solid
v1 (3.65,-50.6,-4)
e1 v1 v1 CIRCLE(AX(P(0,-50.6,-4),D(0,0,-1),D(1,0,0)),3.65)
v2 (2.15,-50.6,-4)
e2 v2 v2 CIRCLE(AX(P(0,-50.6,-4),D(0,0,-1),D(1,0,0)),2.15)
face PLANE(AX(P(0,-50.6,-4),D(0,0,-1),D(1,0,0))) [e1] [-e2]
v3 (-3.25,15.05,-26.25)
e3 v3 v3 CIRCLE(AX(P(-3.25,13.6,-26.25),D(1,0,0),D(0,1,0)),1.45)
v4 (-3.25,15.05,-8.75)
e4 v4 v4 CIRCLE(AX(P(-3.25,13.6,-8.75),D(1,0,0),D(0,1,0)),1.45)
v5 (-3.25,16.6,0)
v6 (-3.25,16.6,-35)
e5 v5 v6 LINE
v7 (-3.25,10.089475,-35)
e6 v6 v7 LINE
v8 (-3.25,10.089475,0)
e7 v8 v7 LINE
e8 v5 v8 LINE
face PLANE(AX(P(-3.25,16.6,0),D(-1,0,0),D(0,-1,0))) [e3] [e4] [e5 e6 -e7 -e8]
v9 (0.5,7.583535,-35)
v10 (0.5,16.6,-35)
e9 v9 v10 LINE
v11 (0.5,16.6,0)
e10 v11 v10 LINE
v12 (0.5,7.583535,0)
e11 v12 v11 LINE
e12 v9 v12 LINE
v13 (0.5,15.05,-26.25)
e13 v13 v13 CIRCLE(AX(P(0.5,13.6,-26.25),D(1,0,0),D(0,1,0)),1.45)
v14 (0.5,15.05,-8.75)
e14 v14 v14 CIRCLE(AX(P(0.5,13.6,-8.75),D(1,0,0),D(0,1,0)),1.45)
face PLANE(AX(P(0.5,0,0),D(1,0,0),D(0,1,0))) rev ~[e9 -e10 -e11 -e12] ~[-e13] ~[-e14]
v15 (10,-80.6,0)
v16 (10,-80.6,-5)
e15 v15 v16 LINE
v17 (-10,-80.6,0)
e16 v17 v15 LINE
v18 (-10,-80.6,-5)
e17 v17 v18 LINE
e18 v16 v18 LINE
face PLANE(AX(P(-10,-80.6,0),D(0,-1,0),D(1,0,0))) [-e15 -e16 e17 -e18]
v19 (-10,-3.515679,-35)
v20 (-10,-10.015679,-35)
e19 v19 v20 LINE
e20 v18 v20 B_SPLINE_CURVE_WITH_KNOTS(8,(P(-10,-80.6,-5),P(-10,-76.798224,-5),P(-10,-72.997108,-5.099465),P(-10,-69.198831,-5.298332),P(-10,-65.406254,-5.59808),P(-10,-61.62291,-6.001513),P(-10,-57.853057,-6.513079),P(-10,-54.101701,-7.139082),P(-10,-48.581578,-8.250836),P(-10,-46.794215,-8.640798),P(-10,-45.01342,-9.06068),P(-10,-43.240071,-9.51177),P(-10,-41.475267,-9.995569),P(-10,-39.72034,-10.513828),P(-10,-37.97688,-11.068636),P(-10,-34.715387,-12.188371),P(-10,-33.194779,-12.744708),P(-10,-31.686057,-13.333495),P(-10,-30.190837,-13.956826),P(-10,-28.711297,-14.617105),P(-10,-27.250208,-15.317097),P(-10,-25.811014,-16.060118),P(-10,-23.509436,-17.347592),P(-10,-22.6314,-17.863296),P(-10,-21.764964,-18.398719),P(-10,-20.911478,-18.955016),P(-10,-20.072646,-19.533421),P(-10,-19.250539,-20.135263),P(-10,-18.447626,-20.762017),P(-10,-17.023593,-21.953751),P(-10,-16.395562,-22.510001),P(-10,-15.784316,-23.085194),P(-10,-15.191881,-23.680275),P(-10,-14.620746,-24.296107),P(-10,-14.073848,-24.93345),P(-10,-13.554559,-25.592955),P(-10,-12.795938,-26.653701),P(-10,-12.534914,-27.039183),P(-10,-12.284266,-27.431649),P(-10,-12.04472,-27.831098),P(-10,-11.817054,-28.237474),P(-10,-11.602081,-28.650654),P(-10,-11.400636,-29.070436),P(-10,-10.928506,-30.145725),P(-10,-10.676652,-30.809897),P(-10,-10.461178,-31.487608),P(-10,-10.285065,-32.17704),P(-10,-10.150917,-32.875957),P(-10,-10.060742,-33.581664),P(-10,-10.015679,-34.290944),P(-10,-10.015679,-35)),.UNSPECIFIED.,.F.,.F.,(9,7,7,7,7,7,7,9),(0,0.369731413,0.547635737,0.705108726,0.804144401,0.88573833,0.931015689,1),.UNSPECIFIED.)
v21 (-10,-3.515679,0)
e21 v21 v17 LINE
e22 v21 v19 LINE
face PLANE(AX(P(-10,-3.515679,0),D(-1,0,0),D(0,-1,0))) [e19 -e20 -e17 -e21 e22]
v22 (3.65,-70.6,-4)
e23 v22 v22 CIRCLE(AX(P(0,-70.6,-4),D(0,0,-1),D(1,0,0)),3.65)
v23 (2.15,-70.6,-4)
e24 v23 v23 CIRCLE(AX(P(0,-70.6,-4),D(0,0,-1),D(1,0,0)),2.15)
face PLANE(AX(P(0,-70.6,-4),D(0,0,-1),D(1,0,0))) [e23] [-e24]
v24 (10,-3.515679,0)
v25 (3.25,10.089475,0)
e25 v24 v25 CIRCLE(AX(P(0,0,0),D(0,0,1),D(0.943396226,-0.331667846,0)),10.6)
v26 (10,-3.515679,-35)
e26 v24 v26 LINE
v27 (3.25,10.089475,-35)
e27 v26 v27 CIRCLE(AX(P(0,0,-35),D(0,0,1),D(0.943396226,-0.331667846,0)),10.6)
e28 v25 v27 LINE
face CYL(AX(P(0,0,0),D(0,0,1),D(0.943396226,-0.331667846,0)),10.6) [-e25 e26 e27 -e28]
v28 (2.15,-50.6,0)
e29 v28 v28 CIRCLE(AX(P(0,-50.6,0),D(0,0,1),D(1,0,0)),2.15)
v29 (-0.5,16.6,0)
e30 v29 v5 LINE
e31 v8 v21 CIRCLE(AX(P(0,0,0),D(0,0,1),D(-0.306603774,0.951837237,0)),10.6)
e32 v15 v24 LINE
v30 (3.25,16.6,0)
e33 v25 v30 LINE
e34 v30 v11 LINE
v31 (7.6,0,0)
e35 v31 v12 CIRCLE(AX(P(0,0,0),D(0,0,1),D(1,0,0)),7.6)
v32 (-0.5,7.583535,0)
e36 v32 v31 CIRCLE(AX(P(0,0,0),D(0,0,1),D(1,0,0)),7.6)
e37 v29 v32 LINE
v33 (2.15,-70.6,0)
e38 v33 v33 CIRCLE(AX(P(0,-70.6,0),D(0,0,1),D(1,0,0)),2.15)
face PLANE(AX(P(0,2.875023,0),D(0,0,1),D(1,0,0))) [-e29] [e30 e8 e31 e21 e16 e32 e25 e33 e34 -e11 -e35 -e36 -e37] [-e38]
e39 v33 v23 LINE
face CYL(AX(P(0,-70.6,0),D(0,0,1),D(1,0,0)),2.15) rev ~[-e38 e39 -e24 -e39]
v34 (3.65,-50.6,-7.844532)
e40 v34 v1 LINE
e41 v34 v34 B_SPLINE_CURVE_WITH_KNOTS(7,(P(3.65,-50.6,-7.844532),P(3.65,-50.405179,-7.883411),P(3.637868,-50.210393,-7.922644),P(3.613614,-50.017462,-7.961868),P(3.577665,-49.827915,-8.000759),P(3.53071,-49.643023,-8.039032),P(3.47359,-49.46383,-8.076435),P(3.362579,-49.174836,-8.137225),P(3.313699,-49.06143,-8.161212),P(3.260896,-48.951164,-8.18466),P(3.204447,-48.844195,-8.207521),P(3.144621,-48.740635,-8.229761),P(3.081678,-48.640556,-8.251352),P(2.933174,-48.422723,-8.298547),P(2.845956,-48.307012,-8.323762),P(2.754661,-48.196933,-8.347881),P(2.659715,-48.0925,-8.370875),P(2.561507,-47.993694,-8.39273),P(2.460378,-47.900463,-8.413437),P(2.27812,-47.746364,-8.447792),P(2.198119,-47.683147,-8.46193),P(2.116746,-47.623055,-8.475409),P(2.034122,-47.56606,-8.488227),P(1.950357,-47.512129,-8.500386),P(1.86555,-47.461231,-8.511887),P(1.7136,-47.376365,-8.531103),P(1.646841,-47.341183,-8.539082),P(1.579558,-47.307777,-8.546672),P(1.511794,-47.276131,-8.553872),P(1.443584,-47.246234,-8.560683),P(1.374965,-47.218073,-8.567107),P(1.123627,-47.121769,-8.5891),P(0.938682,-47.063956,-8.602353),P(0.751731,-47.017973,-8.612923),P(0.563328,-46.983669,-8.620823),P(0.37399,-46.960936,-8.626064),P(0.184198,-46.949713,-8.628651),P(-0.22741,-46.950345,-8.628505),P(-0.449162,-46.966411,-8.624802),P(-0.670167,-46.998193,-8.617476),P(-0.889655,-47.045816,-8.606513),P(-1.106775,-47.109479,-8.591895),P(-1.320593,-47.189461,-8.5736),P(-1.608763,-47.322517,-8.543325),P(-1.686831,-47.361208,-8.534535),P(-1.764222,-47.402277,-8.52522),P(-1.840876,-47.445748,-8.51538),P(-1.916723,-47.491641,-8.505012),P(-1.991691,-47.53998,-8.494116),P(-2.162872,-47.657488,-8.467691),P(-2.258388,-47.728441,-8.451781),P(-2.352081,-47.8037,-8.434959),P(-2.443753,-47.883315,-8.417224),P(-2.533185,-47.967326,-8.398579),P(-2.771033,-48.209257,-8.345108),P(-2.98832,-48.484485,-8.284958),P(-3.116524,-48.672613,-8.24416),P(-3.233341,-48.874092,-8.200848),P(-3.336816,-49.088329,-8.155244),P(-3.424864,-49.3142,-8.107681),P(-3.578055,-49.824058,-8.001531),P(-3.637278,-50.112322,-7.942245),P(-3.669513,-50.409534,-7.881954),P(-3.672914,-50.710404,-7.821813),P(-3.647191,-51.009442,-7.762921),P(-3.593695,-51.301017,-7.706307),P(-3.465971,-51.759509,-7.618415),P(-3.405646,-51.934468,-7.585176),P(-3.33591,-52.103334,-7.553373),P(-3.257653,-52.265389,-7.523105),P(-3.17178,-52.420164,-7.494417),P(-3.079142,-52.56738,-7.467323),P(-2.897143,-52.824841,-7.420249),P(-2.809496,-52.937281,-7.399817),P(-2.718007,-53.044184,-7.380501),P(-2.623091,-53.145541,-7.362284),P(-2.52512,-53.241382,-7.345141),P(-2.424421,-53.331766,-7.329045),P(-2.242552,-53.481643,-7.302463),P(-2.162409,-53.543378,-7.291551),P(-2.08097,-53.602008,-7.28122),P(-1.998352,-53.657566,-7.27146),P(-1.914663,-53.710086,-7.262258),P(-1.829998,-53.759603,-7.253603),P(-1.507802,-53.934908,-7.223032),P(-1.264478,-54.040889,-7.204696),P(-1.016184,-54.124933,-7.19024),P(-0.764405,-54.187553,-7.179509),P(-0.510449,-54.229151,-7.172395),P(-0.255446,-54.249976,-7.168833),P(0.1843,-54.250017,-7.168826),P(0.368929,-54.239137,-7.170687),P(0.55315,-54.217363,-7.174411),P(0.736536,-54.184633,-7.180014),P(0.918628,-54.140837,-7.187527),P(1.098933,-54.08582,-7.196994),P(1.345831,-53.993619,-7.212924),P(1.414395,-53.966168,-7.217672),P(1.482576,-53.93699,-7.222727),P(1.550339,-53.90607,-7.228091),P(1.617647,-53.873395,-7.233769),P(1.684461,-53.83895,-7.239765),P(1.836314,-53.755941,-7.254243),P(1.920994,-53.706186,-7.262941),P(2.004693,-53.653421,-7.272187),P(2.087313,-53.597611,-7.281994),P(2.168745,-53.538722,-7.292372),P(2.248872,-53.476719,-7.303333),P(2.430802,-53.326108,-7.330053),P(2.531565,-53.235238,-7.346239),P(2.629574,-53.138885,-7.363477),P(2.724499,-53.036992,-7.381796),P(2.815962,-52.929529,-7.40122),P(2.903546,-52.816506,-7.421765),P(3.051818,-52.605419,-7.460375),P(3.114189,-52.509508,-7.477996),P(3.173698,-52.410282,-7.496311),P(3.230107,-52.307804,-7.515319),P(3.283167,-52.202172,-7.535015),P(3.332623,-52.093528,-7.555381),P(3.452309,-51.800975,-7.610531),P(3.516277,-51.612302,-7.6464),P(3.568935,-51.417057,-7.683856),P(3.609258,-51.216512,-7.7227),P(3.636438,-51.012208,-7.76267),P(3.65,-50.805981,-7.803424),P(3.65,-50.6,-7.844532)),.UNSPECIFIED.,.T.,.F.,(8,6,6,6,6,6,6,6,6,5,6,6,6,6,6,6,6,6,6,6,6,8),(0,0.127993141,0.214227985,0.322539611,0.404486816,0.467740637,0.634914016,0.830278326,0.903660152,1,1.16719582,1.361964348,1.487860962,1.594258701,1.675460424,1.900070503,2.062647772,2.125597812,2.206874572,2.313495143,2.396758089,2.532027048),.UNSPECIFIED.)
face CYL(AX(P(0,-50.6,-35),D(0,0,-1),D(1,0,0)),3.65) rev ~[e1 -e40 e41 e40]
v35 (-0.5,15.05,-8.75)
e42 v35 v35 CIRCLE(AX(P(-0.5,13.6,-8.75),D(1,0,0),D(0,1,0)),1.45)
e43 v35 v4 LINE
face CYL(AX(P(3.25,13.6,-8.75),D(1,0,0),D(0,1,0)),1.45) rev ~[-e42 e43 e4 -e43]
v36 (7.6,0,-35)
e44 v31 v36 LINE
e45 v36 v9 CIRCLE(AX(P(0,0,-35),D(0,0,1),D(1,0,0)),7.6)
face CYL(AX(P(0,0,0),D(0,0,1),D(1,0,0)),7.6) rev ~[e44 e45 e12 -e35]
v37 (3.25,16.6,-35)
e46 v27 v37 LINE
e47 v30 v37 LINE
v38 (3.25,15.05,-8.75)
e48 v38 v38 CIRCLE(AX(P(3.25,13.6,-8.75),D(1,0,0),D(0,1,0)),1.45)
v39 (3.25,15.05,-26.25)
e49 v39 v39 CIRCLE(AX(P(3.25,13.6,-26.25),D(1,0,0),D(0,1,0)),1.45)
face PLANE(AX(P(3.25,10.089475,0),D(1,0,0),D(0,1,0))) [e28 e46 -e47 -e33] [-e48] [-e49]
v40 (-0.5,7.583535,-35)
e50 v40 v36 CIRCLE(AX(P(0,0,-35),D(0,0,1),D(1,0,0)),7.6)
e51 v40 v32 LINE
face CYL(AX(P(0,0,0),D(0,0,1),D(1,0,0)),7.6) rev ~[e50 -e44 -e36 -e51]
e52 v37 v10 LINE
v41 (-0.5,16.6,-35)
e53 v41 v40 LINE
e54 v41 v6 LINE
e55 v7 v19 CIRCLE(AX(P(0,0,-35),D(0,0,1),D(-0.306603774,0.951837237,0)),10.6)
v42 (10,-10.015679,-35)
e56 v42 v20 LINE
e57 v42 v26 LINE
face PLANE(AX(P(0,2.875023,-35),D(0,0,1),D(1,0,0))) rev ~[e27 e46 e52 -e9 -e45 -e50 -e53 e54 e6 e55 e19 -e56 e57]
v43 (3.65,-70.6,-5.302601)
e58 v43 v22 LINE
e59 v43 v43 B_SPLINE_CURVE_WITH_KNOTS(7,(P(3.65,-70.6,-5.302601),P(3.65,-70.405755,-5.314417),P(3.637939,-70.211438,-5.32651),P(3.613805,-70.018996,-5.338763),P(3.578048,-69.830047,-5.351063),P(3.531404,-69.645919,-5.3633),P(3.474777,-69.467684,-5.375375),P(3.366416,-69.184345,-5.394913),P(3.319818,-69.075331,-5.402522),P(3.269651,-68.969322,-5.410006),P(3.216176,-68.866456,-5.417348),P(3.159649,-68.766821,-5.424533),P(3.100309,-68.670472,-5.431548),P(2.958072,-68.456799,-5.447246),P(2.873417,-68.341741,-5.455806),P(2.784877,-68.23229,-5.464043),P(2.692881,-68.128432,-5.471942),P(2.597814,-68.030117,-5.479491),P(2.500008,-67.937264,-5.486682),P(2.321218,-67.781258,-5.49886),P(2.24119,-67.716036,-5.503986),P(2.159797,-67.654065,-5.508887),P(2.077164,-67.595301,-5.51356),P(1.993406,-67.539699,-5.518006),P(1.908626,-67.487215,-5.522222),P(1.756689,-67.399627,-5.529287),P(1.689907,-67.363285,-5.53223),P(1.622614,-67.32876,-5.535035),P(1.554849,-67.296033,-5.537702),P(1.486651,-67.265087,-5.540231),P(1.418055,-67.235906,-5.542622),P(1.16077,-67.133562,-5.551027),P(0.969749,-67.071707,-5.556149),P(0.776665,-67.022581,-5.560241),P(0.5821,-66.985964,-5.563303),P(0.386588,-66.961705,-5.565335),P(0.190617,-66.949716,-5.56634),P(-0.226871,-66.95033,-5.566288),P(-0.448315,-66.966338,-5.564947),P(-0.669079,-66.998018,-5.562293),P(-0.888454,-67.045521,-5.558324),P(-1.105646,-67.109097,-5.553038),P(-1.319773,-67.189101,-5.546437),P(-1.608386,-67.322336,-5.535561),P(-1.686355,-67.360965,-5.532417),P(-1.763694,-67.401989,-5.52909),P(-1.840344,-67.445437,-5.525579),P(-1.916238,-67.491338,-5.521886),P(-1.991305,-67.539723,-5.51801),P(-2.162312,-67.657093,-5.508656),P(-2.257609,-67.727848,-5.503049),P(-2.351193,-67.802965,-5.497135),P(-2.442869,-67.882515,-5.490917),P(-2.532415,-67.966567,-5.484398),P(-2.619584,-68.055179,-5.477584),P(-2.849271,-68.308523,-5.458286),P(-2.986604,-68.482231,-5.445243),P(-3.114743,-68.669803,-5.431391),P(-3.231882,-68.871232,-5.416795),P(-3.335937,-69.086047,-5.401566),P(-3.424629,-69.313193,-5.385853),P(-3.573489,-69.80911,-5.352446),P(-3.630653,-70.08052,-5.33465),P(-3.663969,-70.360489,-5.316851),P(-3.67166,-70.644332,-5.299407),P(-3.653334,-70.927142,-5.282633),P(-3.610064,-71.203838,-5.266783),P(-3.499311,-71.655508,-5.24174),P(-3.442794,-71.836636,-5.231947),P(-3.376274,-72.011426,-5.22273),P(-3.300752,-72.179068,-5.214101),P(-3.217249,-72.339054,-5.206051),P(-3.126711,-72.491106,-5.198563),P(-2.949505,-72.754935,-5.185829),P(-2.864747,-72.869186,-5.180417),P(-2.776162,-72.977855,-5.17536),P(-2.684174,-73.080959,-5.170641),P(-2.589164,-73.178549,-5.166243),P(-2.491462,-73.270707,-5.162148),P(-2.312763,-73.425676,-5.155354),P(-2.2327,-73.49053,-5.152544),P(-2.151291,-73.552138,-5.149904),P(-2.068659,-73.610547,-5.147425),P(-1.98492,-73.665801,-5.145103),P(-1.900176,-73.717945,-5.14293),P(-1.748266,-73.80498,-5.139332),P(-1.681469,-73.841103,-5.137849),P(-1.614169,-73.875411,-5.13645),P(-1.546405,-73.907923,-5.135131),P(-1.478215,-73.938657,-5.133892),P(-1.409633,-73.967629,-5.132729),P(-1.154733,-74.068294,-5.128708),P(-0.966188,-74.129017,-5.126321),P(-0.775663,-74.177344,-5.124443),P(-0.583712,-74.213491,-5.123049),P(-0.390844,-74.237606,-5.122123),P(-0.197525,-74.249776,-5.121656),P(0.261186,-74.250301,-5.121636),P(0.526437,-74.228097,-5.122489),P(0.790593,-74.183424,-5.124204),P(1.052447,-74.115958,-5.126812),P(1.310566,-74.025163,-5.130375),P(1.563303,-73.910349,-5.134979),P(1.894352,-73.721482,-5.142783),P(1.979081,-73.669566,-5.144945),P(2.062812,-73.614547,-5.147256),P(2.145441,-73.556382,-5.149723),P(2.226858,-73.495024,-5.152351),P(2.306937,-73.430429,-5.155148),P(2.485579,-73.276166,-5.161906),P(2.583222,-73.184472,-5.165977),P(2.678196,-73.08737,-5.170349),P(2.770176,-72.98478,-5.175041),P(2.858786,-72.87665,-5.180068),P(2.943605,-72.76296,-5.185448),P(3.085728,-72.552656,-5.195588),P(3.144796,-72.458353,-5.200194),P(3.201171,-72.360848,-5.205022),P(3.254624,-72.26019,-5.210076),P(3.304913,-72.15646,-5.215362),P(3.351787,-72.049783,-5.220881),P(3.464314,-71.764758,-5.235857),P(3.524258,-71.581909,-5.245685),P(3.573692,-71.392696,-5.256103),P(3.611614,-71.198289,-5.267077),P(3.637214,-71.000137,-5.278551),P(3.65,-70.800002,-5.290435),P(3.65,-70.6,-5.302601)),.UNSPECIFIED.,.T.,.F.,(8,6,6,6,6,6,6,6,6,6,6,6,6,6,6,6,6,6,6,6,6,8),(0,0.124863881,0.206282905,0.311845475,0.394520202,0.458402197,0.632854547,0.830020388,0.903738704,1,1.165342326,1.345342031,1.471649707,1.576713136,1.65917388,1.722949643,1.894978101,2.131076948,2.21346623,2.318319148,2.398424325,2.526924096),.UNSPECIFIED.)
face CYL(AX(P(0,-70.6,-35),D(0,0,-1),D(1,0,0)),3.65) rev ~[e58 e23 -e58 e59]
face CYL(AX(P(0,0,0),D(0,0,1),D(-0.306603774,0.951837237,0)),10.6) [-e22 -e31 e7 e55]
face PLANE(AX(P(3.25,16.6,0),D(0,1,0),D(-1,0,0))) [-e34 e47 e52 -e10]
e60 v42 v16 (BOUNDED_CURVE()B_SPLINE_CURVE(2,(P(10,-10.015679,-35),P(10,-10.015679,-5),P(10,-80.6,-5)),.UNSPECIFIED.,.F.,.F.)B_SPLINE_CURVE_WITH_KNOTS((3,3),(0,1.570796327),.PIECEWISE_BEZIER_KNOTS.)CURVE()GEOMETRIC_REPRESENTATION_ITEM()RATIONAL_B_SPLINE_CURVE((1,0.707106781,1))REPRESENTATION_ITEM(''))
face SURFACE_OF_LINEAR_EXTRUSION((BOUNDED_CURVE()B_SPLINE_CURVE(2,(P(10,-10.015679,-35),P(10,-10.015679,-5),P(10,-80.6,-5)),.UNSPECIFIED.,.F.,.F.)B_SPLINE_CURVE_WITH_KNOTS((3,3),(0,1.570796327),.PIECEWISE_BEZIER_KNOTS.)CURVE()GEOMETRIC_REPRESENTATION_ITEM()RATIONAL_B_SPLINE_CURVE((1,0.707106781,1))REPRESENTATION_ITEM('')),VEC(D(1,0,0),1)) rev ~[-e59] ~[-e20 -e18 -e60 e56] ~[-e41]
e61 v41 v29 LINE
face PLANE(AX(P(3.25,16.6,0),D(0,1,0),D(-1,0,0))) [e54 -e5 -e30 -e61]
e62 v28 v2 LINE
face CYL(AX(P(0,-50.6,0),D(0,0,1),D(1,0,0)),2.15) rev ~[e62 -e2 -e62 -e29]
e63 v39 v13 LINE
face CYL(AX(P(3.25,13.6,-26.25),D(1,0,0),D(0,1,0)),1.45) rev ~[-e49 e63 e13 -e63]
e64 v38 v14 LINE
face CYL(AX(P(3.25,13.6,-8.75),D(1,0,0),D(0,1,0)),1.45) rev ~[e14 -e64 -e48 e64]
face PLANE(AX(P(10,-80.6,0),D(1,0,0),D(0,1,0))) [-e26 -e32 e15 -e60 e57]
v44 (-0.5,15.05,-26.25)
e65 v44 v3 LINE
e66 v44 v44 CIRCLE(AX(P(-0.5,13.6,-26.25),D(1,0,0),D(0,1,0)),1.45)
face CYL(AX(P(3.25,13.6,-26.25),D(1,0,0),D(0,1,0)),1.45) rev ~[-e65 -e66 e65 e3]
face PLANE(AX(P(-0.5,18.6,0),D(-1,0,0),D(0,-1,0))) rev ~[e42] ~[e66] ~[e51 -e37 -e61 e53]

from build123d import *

# Parameters (mm, degrees)
F1_DEPTH  = 35
F0_R      = 7.6
F2_DEPTH  = 35
F3_R      = 2.15
F4_DEPTH  = 35.001
F5_R      = 3.65
F5_R_2    = 2.15
F6_DEPTH  = 31
F8_DEPTH  = 20.601
F9_W      = 0.5
F9_H      = 2
F10_DEPTH = 35.0010001
F11_R     = 1.45
F12_DEPTH = 13.851


with BuildPart() as f1:
    # F0 (on Top) → F1 (new body)
    with BuildSketch(Plane.XY):
        with BuildLine():
            ThreePointArc((10, -3.5156791662), (0, -10.6), (-10, -3.5156791662))
            Line((-10, -3.5156791662), (-10, -80.6))
            Line((-10, -80.6), (10, -80.6))
            Line((10, -80.6), (10, -3.5156791662))
        make_face()
    extrude(amount=-F1_DEPTH)

    # F0 (on Top) → F2 (join)
    with BuildSketch(Plane.XY):
        with BuildLine():
            Line((-3.25, 16.6), (-3.25, 10.0894747138))
            ThreePointArc((-3.25, 10.0894747138), (-9.4955609642, 4.7110850104), (-10, -3.5156791662))
            ThreePointArc((-10, -3.5156791662), (0, -10.6), (10, -3.5156791662))
            ThreePointArc((10, -3.5156791662), (9.4955609642, 4.7110850104), (3.25, 10.0894747138))
            Line((3.25, 10.0894747138), (3.25, 16.6))
            Line((3.25, 16.6), (-3.25, 16.6))
        make_face()
        Circle(F0_R, mode=Mode.SUBTRACT)
    extrude(amount=-F2_DEPTH)

    # F3 (on face) → F4 (cut, through all)
    with BuildSketch(Plane.XY):
        with Locations((0, -50.6)):
            Circle(F3_R)
        with Locations((0, -70.6)):
            Circle(F3_R)
    extrude(amount=-F4_DEPTH, mode=Mode.SUBTRACT)

    # F5 (on face) → F6 (cut)
    with BuildSketch(Plane(origin=(0, 0, -35), x_dir=(1, 0, 0), z_dir=(0, 0, -1))):
        with Locations((0, 70.6)):
            Circle(F5_R)
        with Locations((0, 70.6)):
            Circle(F5_R_2, mode=Mode.SUBTRACT)
        with Locations((0, 50.6)):
            Circle(F5_R)
        with Locations((0, 50.6)):
            Circle(F5_R_2, mode=Mode.SUBTRACT)
    extrude(amount=-F6_DEPTH, mode=Mode.SUBTRACT)

    # F7 (on face) → F8 (cut, through all)
    with BuildSketch(Plane.YZ.offset(10)):
        with BuildLine():
            Line((-80.6, -35), (-10.0156791662, -35))
            add(Edge.make_bspline(
                [(-10.0156791662, -35), (-10.0156791662, -5), (-80.6, -5)],
                knots=[0, 0, 0, 1.5707963268, 1.5707963268, 1.5707963268], degree=2, weights=[1, 0.7071067812, 1]))
            Line((-80.6, -5), (-80.6, -35))
        make_face()
    extrude(amount=-F8_DEPTH, mode=Mode.SUBTRACT)

    # F9 (on face) → F10 (cut, through all)
    with BuildSketch(Plane.XY):
        with BuildLine():
            Line((0.5, 16.6), (0, 16.6))
            Line((0, 16.6), (0, 7.6))
            ThreePointArc((0, 7.6), (0.2501355147, 7.5958825836), (0.5, 7.5835347959))
            Line((0.5, 7.5835347959), (0.5, 16.6))
        make_face()
        with BuildLine():
            Line((0, 0), (0, 7.6))
            ThreePointArc((0, 7.6), (-0.2501355147, 7.5958825836), (-0.5, 7.5835347959))
            Line((-0.5, 7.5835347959), (-0.5, 0))
            Line((-0.5, 0), (0, 0))
        make_face()
        with Locations((-0.25, 17.6)):
            Rectangle(F9_W, F9_H)
        with Locations((0.25, 17.6)):
            Rectangle(F9_W, F9_H)
        with BuildLine():
            ThreePointArc((0.5, 7.5835347959), (0.2501355147, 7.5958825836), (0, 7.6))
            Line((0, 7.6), (0, 0))
            Line((0, 0), (0.5, 0))
            Line((0.5, 0), (0.5, 7.5835347959))
        make_face()
        with BuildLine():
            Line((0, 7.6), (0, 16.6))
            Line((0, 16.6), (-0.5, 16.6))
            Line((-0.5, 16.6), (-0.5, 7.5835347959))
            ThreePointArc((-0.5, 7.5835347959), (-0.2501355147, 7.5958825836), (0, 7.6))
        make_face()
    extrude(amount=-F10_DEPTH, mode=Mode.SUBTRACT)

    # F11 (on face) → F12 (cut, through all)
    with BuildSketch(Plane.YZ.offset(3.25)):
        with Locations((13.6, -8.75)):
            Circle(F11_R)
        with Locations((13.6, -26.25)):
            Circle(F11_R)
    extrude(amount=-F12_DEPTH, mode=Mode.SUBTRACT)


solid = f1.part
